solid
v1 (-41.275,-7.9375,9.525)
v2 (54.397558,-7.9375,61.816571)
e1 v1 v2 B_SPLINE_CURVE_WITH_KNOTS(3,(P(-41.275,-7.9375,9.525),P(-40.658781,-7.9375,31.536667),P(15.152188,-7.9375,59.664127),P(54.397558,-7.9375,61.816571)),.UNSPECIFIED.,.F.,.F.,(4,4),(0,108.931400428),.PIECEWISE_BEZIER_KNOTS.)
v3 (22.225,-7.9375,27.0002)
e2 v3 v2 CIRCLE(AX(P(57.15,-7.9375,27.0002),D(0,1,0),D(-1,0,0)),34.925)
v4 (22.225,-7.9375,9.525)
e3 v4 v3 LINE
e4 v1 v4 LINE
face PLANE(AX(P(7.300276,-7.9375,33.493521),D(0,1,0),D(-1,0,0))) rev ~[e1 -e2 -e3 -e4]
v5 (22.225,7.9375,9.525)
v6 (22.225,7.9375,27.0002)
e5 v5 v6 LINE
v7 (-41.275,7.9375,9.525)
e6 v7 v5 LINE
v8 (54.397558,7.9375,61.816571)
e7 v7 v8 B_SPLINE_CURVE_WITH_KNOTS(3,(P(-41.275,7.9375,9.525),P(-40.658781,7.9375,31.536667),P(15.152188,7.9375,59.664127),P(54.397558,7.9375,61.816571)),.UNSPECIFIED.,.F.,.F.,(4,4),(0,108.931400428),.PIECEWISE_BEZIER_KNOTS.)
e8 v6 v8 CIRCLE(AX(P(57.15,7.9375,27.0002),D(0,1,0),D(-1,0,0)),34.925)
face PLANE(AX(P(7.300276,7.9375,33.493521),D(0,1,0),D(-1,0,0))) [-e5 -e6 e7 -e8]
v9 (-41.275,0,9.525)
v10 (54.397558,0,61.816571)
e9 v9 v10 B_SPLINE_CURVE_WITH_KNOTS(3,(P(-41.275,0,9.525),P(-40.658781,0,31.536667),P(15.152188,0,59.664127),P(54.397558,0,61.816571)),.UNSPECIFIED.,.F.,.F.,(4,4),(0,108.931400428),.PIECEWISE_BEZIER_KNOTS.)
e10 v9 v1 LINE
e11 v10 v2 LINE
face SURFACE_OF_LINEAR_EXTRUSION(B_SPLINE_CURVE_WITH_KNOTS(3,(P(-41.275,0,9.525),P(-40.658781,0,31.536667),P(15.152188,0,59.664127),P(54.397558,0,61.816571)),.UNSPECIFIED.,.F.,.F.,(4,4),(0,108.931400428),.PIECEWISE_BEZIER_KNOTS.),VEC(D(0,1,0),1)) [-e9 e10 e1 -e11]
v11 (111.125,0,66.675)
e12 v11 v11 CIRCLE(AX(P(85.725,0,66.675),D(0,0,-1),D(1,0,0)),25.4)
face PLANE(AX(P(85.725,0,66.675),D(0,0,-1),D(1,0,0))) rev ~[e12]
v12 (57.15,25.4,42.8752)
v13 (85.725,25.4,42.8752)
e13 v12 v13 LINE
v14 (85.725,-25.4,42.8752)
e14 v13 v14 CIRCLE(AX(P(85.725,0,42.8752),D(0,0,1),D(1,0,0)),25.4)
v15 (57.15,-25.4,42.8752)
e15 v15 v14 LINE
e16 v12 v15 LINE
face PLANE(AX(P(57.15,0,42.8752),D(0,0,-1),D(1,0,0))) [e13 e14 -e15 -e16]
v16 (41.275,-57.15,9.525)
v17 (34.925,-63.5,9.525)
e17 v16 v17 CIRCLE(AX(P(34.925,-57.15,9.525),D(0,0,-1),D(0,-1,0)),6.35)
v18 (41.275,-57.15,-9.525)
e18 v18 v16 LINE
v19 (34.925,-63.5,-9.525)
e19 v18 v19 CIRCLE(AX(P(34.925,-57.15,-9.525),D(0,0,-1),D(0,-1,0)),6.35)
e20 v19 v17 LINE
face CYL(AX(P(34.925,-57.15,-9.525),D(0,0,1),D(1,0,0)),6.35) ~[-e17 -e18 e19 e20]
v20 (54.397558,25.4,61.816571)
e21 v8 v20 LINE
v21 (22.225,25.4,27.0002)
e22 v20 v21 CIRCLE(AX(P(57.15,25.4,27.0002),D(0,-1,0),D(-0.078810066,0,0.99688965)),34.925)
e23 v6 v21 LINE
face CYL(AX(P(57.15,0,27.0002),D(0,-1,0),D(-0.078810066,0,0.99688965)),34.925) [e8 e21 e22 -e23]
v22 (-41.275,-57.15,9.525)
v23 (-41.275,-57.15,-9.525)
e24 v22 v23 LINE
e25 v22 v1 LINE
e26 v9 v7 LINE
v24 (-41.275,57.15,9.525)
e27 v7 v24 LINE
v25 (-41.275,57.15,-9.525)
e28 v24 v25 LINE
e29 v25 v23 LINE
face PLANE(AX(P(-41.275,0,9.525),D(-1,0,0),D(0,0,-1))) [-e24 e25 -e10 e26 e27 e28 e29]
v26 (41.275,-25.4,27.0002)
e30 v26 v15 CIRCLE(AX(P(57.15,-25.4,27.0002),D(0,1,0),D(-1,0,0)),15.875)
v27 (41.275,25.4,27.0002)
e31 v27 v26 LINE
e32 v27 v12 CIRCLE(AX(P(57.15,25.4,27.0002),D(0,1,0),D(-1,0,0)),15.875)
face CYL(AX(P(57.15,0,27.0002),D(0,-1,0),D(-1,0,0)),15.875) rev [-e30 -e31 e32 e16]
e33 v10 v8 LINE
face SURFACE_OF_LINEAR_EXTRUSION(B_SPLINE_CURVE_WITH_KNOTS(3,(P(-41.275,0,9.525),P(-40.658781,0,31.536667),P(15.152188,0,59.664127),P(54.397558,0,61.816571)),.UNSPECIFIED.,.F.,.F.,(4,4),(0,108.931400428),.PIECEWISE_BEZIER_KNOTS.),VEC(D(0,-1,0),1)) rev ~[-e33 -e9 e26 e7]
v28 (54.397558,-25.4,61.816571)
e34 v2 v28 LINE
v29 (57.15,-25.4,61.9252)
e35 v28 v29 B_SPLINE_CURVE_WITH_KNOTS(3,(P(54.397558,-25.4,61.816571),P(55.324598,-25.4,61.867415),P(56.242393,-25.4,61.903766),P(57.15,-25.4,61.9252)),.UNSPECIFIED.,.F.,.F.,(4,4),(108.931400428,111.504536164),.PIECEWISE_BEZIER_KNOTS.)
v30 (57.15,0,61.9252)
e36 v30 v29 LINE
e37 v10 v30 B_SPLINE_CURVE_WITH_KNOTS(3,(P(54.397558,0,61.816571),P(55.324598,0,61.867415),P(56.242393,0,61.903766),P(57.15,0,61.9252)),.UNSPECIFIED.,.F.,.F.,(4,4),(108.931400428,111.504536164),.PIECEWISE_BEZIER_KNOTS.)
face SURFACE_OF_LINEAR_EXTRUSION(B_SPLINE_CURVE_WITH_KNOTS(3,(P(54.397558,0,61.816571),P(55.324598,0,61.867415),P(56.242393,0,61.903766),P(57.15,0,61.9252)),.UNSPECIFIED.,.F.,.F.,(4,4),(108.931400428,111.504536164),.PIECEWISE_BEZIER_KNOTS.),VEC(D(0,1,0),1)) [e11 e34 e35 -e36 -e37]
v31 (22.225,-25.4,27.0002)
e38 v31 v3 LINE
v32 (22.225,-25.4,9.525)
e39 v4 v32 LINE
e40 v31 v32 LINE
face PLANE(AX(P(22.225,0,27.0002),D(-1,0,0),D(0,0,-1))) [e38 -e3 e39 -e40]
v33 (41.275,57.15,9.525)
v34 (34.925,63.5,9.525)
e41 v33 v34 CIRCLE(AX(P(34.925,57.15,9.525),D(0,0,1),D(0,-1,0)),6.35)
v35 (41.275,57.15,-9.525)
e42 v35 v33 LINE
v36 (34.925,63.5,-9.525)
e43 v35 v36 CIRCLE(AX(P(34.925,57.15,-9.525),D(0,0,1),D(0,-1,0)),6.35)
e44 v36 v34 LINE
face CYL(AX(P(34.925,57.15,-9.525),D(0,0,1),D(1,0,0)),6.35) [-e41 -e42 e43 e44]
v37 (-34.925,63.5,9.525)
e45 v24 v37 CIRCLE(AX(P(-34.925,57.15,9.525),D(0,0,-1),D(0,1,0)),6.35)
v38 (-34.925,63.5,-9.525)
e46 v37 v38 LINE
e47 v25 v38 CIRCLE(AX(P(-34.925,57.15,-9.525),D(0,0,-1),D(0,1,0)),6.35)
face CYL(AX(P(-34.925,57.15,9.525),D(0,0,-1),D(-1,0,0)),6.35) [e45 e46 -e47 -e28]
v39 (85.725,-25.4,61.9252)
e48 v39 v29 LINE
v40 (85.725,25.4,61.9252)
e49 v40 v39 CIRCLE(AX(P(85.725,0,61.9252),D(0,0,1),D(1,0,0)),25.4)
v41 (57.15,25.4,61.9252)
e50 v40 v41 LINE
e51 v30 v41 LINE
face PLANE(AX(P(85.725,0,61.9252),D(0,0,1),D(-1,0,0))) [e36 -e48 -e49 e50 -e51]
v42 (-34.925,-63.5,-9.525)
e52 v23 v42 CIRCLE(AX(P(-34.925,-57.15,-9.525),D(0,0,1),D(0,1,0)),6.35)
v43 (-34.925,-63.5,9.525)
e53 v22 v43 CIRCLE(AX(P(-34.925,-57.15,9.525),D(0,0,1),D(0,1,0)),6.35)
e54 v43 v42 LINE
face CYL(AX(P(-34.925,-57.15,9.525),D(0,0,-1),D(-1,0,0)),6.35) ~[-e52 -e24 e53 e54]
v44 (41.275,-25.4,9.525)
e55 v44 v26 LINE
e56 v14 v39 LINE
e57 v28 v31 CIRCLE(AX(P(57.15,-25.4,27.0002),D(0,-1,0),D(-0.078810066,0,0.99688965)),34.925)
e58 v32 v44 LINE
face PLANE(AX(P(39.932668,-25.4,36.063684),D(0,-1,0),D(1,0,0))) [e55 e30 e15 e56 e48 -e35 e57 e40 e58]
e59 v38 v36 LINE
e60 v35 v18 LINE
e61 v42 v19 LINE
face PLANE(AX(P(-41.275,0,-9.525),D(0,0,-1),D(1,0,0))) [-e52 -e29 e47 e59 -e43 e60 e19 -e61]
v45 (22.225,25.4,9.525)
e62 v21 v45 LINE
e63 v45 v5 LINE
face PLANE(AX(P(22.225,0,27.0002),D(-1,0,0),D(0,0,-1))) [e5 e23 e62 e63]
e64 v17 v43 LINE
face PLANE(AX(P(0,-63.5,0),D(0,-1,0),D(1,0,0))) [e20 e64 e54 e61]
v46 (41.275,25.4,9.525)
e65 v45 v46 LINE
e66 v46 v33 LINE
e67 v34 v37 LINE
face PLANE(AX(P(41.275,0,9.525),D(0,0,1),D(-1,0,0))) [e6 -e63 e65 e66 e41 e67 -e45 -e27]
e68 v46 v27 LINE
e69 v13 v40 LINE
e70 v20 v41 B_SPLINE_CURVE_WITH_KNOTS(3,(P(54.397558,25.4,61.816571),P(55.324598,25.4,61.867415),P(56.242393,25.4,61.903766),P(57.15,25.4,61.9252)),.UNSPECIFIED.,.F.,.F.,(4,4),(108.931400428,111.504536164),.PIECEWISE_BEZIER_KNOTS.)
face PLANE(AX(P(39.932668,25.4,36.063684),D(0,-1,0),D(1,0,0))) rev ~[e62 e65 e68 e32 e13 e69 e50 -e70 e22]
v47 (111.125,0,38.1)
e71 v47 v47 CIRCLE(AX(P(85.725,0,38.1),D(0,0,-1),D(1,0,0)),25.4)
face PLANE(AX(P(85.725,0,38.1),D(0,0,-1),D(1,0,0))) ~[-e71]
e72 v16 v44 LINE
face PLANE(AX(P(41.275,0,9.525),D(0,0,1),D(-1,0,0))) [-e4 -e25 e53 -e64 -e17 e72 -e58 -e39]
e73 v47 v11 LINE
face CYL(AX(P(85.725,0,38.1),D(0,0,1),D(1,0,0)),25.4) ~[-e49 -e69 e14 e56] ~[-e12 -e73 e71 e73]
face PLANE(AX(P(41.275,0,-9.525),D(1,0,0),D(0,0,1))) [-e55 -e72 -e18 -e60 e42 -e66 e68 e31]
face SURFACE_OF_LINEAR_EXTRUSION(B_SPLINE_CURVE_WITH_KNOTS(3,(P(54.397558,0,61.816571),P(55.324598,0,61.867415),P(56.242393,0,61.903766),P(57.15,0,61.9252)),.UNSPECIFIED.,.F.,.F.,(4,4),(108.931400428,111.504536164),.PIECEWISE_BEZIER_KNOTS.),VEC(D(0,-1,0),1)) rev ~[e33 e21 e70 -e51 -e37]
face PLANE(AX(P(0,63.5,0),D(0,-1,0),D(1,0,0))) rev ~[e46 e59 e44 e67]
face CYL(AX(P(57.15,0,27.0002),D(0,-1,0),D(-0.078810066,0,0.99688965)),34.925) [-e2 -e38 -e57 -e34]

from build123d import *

# Parameters (mm, degrees)
F1_DEPTH = 63.5
F2_DEPTH = 25.4
F3_DEPTH = 7.9375
F5_R     = 6.35


with BuildPart() as f1:
    # F0 (on Front) → F1 (new body, symmetric)
    with BuildSketch(Plane.XZ):
        Polygon((22.225, 9.525), (-41.275, 9.525), (-41.275, -9.525), (41.275, -9.525), (41.275, 9.525), align=None)
    extrude(amount=F1_DEPTH, both=True)

    # F0 (on Front) → F2 (join, symmetric)
    with BuildSketch(Plane.XZ):
        with BuildLine():
            Line((22.225, 27.0002), (22.225, 9.525))
            Line((22.225, 9.525), (41.275, 9.525))
            Line((41.275, 9.525), (41.275, 27.0002))
            ThreePointArc((41.275, 27.0002), (45.9246798487, 38.2255201513), (57.15, 42.8752))
            Line((57.15, 42.8752), (60.325, 42.8752))
            Line((60.325, 42.8752), (60.325, 61.9252))
            Line((60.325, 61.9252), (57.15, 61.9252))
            add(Edge.make_bspline(
                [(54.3975584456, 61.8165710126), (55.3245975256, 61.8674152236), (56.2423933206, 61.9037658761), (57.15, 61.9252)],
                knots=[108.931400428, 108.931400428, 108.931400428, 108.931400428, 111.5045361635, 111.5045361635, 111.5045361635, 111.5045361635], degree=3))
            ThreePointArc((54.3975584456, 61.8165710126), (31.4996135869, 50.7028011623), (22.225, 27.0002))
        make_face()
        Polygon((85.725, 61.9252), (60.325, 61.9252), (60.325, 42.8752), (85.725, 42.8752), (85.725, 52.3875), align=None)
    extrude(amount=F2_DEPTH, both=True)

    # F0 (on Front) → F3 (join, symmetric)
    with BuildSketch(Plane.XZ):
        with BuildLine():
            add(Edge.make_bspline(
                [(-41.275, 9.525), (-40.658780826, 31.5366673239), (15.1521879644, 59.6641268054), (54.3975584456, 61.8165710126)],
                knots=[0, 0, 0, 0, 108.931400428, 108.931400428, 108.931400428, 108.931400428], degree=3))
            Line((-41.275, 9.525), (22.225, 9.525))
            Line((22.225, 9.525), (22.225, 27.0002))
            ThreePointArc((22.225, 27.0002), (31.4996135869, 50.7028011623), (54.3975584456, 61.8165710126))
        make_face()
    extrude(amount=F3_DEPTH, both=True)

    # F0 (on Front) → F4 (revolve)
    with BuildSketch(Plane.XZ):
        Polygon((85.725, 66.675), (85.725, 61.9252), (85.725, 52.3875), (85.725, 42.8752), (85.725, 38.1), (111.125, 38.1), (111.125, 66.675), align=None)
    revolve(axis=Axis((85.725, 0, 45.24375), (0, 0, -1)))

    # F5
    f5_edges = [f1.edges().sort_by_distance(p)[0] for p in [
        (-41.275, -63.5, 0),
        (41.275, -63.5, 0),
        (41.275, 63.5, 0),
        (-41.275, 63.5, 0),
    ]]
    fillet(f5_edges, radius=F5_R)


solid = f1.part
